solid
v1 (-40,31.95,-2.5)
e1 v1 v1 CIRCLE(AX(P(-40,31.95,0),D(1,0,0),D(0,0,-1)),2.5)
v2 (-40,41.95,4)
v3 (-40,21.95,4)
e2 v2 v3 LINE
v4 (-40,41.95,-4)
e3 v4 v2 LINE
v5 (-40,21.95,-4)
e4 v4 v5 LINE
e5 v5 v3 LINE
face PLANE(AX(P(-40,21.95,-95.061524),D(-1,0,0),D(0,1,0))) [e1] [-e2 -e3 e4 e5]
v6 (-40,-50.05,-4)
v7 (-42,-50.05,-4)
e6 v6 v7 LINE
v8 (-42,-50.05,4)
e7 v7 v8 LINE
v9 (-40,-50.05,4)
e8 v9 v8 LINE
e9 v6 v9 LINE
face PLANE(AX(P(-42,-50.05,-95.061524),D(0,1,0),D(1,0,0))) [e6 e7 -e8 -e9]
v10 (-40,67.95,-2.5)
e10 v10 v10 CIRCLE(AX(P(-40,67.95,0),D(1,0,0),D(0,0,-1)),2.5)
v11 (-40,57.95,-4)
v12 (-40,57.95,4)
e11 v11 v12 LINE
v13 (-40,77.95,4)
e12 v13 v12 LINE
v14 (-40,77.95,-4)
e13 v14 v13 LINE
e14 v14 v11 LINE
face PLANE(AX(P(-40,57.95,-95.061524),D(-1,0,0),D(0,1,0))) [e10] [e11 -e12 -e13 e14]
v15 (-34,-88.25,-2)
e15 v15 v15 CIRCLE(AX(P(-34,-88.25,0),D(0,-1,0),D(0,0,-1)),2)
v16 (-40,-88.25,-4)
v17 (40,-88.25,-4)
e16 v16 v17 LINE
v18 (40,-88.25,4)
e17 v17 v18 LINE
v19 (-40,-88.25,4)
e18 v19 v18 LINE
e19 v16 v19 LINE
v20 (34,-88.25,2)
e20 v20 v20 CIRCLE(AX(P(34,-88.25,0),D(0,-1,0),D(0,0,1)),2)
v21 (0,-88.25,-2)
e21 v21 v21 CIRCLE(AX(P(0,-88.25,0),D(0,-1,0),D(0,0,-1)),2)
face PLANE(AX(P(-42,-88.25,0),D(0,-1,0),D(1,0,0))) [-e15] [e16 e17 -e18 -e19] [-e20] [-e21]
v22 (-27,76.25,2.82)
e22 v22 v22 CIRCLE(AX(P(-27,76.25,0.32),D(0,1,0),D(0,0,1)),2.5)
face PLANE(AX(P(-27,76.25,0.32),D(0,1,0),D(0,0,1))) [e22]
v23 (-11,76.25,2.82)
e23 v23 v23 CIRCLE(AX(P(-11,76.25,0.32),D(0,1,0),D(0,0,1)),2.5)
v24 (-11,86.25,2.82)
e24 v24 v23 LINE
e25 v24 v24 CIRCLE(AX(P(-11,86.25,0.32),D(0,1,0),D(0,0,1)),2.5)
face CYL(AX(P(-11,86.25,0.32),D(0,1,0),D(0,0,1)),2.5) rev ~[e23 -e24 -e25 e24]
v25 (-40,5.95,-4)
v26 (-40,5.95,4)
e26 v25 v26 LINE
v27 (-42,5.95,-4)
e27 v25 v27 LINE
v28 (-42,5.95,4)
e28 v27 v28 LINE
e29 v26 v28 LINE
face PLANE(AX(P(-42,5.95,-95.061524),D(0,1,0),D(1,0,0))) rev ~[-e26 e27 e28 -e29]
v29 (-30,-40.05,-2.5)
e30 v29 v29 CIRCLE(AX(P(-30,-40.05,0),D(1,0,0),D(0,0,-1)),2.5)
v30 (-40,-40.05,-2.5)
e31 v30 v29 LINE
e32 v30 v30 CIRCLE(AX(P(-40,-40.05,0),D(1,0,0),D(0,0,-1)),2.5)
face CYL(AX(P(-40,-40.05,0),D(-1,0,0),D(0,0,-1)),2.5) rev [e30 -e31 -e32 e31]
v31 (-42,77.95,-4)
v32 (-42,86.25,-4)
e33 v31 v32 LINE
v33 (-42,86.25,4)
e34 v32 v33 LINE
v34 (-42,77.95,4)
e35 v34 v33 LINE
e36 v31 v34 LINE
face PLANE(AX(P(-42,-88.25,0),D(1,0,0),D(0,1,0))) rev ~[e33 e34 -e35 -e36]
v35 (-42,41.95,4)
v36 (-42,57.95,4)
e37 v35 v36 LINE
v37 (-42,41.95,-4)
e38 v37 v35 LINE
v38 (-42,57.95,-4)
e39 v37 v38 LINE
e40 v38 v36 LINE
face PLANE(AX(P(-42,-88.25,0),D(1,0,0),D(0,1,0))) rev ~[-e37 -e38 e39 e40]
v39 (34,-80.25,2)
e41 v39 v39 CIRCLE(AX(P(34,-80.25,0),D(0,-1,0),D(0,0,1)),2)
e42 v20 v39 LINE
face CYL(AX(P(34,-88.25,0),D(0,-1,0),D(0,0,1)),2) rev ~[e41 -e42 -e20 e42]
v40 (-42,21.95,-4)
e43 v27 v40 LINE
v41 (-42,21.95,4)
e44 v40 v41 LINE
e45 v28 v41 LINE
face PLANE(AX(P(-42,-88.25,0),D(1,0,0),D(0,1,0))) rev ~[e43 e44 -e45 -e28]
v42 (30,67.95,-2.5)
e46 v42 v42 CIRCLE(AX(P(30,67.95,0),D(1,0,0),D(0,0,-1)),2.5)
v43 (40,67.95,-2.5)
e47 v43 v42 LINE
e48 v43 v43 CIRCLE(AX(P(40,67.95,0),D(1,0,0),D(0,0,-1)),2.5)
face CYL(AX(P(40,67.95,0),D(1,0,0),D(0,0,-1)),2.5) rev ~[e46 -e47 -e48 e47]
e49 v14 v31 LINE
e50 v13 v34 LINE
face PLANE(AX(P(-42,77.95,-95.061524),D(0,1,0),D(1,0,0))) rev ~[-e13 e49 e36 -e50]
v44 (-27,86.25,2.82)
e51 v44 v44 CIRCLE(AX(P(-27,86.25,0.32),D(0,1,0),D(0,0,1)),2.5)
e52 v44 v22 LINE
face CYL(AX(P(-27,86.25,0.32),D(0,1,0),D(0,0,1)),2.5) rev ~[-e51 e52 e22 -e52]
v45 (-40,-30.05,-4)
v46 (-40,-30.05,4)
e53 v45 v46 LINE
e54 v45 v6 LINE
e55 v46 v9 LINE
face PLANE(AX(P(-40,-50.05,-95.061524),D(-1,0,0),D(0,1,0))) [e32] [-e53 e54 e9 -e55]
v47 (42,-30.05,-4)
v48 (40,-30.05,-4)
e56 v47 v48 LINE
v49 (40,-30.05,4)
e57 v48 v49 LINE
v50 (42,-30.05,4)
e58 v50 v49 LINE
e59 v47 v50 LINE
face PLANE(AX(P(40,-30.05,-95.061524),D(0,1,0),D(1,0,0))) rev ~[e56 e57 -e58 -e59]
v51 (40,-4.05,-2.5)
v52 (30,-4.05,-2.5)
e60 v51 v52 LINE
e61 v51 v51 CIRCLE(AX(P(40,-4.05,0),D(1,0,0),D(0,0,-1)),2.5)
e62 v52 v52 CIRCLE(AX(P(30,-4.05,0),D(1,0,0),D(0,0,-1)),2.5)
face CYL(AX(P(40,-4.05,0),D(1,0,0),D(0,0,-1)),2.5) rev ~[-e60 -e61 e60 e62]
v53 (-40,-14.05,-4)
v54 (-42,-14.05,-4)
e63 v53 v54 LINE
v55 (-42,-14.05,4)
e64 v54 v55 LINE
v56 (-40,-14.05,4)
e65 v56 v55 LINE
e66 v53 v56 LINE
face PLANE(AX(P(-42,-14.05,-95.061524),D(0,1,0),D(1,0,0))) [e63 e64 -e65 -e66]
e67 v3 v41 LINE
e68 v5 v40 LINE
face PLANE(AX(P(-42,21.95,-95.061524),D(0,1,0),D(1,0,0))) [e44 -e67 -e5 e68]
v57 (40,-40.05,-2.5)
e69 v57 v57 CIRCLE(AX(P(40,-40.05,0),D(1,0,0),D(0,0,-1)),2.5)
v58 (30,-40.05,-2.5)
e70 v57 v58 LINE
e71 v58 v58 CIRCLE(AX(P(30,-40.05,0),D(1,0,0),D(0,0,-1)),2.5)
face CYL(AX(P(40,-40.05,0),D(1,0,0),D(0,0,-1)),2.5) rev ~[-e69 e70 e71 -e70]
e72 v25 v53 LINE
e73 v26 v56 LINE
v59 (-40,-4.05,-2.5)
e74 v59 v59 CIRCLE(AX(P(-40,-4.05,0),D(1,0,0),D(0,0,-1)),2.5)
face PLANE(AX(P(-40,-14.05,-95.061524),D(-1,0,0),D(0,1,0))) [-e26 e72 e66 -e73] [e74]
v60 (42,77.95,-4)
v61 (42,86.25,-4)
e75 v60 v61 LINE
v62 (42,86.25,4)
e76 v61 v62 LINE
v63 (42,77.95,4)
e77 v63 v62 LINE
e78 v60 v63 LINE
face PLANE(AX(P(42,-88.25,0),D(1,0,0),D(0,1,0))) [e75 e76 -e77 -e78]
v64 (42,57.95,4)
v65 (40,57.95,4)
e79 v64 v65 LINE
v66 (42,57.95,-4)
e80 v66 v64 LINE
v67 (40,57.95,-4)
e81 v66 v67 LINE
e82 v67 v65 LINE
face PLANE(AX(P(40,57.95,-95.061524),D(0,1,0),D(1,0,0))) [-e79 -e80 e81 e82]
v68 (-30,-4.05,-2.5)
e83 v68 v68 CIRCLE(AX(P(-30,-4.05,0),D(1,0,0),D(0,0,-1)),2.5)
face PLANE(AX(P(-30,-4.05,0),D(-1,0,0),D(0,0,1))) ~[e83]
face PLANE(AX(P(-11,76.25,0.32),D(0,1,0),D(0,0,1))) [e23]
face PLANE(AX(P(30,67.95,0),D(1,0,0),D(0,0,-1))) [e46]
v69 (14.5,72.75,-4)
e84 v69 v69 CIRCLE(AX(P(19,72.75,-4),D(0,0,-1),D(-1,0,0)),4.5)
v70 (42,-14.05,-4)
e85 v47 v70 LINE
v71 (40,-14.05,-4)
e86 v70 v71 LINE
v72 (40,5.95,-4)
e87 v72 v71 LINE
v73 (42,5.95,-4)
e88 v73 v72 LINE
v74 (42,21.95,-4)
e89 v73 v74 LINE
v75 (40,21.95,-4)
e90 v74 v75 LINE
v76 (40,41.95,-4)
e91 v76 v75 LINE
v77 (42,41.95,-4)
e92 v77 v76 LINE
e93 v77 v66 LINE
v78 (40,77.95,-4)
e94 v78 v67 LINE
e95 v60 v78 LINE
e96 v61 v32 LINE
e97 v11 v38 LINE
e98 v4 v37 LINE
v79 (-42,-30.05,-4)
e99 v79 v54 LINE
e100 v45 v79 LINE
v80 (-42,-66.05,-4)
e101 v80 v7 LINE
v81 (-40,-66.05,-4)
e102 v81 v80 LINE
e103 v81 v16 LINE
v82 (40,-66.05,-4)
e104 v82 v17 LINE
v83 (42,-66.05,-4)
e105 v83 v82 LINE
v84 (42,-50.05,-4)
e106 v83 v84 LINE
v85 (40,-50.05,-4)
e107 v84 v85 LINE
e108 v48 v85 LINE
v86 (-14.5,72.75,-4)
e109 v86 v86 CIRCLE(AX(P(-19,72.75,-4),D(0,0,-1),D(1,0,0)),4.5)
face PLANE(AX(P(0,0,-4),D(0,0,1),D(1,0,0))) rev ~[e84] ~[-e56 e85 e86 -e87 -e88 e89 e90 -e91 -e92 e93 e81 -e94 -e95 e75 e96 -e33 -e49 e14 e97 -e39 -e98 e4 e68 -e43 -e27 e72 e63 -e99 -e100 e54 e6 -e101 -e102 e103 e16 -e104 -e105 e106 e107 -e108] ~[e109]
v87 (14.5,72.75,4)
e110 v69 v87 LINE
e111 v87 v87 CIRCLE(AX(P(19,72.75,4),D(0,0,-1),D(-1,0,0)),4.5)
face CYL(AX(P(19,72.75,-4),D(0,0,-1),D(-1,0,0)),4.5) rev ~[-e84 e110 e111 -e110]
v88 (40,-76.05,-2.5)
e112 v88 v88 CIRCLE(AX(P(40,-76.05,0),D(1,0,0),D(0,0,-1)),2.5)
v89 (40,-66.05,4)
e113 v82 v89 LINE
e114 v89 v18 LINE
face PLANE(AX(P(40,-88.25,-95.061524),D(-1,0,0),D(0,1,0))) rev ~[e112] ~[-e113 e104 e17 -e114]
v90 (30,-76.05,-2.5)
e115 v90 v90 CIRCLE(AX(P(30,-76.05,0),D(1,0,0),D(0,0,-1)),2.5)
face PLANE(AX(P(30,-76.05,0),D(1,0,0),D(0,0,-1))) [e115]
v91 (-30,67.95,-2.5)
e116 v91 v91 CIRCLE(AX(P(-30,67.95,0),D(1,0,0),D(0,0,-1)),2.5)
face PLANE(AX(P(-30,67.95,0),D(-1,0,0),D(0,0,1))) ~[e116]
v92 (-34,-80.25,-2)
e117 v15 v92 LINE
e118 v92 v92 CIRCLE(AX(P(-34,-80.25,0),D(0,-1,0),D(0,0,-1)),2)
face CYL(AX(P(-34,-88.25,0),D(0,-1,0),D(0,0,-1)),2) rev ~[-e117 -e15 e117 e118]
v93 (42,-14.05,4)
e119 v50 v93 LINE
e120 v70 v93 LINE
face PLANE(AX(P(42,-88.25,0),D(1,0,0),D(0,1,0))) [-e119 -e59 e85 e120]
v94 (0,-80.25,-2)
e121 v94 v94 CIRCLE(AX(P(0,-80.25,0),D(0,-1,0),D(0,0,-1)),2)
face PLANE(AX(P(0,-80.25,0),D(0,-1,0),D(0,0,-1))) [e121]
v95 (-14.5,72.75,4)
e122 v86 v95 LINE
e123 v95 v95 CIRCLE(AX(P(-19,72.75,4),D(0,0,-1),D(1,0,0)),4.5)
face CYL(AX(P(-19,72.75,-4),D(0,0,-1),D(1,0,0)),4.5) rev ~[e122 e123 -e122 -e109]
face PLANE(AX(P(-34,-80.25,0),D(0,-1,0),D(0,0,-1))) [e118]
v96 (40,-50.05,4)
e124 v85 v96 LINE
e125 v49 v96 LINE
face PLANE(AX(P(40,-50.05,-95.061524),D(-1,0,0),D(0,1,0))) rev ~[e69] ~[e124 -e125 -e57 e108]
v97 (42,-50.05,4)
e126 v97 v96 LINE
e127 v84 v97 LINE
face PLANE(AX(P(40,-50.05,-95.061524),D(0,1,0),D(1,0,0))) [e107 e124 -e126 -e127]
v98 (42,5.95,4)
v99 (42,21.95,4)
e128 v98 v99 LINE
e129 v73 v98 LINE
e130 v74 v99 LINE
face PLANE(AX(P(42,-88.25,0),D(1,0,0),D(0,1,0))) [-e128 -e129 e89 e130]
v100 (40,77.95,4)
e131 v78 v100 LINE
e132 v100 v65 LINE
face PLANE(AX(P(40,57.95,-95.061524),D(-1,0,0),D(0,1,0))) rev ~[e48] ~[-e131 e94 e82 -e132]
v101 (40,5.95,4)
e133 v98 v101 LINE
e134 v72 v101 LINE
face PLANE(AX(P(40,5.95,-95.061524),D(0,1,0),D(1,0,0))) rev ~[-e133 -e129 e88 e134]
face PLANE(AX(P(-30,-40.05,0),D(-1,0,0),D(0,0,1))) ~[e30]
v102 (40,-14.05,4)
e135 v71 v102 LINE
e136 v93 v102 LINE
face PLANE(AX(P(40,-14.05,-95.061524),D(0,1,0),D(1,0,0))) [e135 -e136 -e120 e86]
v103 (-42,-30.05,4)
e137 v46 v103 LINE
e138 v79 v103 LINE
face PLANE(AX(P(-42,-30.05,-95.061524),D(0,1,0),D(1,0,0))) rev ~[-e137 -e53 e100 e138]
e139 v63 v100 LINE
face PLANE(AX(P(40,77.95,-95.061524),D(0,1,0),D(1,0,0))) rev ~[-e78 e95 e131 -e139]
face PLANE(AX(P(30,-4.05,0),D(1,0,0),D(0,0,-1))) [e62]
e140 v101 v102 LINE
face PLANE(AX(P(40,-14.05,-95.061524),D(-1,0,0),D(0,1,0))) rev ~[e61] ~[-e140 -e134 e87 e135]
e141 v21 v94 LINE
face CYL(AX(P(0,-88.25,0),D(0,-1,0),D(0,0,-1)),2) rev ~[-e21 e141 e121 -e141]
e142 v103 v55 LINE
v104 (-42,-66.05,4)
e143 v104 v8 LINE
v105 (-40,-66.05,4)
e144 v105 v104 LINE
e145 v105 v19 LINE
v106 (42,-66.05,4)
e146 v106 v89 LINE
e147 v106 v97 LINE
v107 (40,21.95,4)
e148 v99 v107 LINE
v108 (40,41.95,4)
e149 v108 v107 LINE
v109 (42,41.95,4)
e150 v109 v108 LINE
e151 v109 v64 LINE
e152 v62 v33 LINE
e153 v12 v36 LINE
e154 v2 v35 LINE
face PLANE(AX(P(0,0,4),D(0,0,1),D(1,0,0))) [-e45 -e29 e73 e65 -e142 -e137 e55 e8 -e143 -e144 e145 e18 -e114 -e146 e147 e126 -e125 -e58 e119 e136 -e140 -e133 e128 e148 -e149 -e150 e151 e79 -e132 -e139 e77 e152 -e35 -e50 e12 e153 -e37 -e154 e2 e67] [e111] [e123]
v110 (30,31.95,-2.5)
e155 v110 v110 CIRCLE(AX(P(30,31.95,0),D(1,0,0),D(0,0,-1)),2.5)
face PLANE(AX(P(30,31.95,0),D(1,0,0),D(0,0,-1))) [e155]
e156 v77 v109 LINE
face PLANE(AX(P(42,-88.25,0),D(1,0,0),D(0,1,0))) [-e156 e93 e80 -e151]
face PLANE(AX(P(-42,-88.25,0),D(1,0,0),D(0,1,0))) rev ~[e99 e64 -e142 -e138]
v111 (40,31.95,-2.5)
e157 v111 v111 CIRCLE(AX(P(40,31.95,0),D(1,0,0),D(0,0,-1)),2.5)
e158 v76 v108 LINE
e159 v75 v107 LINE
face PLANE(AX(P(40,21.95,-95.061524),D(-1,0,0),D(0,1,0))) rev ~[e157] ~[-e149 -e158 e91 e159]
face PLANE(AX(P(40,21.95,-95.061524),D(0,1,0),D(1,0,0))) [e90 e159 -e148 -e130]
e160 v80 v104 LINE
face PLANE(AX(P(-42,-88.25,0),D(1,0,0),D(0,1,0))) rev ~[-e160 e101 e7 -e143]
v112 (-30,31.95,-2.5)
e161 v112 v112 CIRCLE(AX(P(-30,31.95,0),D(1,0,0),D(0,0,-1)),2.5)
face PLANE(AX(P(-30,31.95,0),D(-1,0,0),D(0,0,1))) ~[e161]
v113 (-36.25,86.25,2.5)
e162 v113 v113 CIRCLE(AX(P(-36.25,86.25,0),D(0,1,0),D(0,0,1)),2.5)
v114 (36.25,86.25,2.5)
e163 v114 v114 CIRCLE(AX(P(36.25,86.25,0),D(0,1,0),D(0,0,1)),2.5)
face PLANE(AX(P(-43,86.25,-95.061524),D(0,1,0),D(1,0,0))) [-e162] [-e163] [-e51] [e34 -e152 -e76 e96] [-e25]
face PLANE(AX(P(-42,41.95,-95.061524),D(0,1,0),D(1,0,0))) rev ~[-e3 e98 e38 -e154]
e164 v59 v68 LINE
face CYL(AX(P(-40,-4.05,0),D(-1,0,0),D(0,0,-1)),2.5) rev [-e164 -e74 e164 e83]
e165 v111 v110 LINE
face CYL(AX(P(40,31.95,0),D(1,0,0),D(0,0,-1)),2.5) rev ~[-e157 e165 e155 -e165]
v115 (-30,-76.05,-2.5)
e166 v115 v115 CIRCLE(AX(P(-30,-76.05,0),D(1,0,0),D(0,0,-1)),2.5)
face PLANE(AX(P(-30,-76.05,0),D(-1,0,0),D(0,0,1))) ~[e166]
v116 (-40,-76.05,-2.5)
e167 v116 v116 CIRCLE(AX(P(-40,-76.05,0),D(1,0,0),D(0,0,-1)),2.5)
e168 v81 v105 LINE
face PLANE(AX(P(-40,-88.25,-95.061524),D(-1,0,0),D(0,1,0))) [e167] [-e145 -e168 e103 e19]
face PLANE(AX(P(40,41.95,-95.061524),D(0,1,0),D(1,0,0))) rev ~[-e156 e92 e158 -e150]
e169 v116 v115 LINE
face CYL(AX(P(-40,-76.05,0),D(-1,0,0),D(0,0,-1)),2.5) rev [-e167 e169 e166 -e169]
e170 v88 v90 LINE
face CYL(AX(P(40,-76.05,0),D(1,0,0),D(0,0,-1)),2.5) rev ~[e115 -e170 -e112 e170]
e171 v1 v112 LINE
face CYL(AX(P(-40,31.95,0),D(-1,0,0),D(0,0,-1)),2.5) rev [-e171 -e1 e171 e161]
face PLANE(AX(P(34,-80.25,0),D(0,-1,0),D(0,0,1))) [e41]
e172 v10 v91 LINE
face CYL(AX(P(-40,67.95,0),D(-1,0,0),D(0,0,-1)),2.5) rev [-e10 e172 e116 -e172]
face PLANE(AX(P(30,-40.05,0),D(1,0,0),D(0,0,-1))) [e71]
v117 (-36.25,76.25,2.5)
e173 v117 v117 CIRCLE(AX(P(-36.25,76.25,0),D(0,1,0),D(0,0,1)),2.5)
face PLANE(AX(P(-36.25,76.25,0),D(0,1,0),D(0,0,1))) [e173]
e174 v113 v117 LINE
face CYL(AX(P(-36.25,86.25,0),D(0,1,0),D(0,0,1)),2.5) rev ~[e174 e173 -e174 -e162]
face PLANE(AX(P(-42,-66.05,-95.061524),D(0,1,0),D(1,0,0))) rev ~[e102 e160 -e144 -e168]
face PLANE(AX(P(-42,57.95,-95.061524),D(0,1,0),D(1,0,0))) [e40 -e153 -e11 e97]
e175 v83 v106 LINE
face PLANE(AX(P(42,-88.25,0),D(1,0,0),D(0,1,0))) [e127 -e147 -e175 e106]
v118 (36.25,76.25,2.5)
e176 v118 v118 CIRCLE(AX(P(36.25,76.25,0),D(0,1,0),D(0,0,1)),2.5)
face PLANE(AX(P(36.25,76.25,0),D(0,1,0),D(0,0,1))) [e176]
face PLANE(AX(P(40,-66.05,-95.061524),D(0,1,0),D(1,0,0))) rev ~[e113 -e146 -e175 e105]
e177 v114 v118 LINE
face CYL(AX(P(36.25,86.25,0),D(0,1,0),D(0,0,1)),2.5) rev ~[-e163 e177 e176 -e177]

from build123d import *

# Parameters (mm, degrees)
SKETCH_1_W              = 84
SKETCH_1_H              = 176.5
EXTRUDE_1_DEPTH         = 4
CUT_EXTRUDE1_DEPTH      = 99.061524055
CUT_EXTRUDE1_DEPTH_BACK = 99.061524055
SKETCH2_W               = 2
SKETCH2_H               = 20
SKETCH2_H_2             = 22.2
SKETCH2_W_2             = 86
SKETCH2_H_3             = 2
SKETCH3_R               = 2.5
CUT_EXTRUDE2_DEPTH      = 10
SKETCH4_R               = 2
CUT_EXTRUDE3_DEPTH      = 8
SKETCH5_R               = 2.5
CUT_EXTRUDE4_DEPTH      = 10
SKETCH6_R               = 4.5
CUT_EXTRUDE5_DEPTH      = 99.061524055
SKETCH7_R               = 2.5
CUT_EXTRUDE6_DEPTH      = 10


with BuildPart() as part:
    # 草图1 → 凸台-拉伸1 (new, symmetric)
    with BuildSketch(Plane.XY):
        Rectangle(SKETCH_1_W, SKETCH_1_H)
    extrude(amount=EXTRUDE_1_DEPTH, both=True)

    # Sketch2 → Cut-Extrude1 (cut, two sides: drawn at the far end of the back side and taken through both)
    with BuildSketch(Plane.XY.offset(4).offset(-CUT_EXTRUDE1_DEPTH_BACK)):
        with Locations((-41, 67.95)):
            Rectangle(SKETCH2_W, SKETCH2_H)
        with Locations((-41, 31.95)):
            Rectangle(SKETCH2_W, SKETCH2_H)
        with Locations((-41, -4.05)):
            Rectangle(SKETCH2_W, SKETCH2_H)
        with Locations((-41, -40.05)):
            Rectangle(SKETCH2_W, SKETCH2_H)
        with Locations((-41, -77.15)):
            Rectangle(SKETCH2_W, SKETCH2_H_2)
        with Locations((41, -77.15)):
            Rectangle(SKETCH2_W, SKETCH2_H_2)
        with Locations((41, -40.05)):
            Rectangle(SKETCH2_W, SKETCH2_H)
        with Locations((41, -4.05)):
            Rectangle(SKETCH2_W, SKETCH2_H)
        with Locations((41, 31.95)):
            Rectangle(SKETCH2_W, SKETCH2_H)
        with Locations((41, 67.95)):
            Rectangle(SKETCH2_W, SKETCH2_H)
        with Locations((0, 87.25)):
            Rectangle(SKETCH2_W_2, SKETCH2_H_3)
    extrude(amount=CUT_EXTRUDE1_DEPTH + CUT_EXTRUDE1_DEPTH_BACK, mode=Mode.SUBTRACT)

    # Sketch3 → Cut-Extrude2 (cut)
    with BuildSketch(Plane(origin=(40, 0, 0), x_dir=(0, 0, -1), z_dir=(1, 0, 0))):
        with Locations((0, 67.95)):
            Circle(SKETCH3_R)
        with Locations((0, 31.95)):
            Circle(SKETCH3_R)
        with Locations((0, -4.05)):
            Circle(SKETCH3_R)
        with Locations((0, -40.05)):
            Circle(SKETCH3_R)
        with Locations((0, -76.05)):
            Circle(SKETCH3_R)
    cut_extrude2 = extrude(amount=-CUT_EXTRUDE2_DEPTH, mode=Mode.SUBTRACT)

    # Mirror1: Cut-Extrude2 across plane
    add(cut_extrude2.mirror(Plane(origin=(0, 0, 0), x_dir=(0, 0, 1), z_dir=(1, 0, 0))), mode=Mode.SUBTRACT)

    # Sketch4 → Cut-Extrude3 (cut)
    with BuildSketch(Plane.XZ.offset(88.25)):
        with Locations(Location((-34, 0, 0), (0, 0, 270))):
            Circle(SKETCH4_R)
        with Locations(Location((34, 0, 0), (0, 0, 90))):
            Circle(SKETCH4_R)
        with Locations(Location((0, 0, 0), (0, 0, 270))):
            Circle(SKETCH4_R)
    extrude(amount=-CUT_EXTRUDE3_DEPTH, mode=Mode.SUBTRACT)

    # Sketch5 → Cut-Extrude4 (cut)
    with BuildSketch(Plane(origin=(0, 86.25, 0), x_dir=(1, 0, 0), z_dir=(0, 1, 0))):
        with Locations(Location((-36.25, 0, 0), (0, 0, 270))):
            Circle(SKETCH5_R)
        with Locations(Location((36.25, 0, 0), (0, 0, 270))):
            Circle(SKETCH5_R)
    extrude(amount=-CUT_EXTRUDE4_DEPTH, mode=Mode.SUBTRACT)

    # Sketch6 → Cut-Extrude5 (cut, through all)
    with BuildSketch(Plane(origin=(0, 0, -4), x_dir=(-1, 0, 0), z_dir=(0, 0, -1))):
        with Locations((-19, 72.75)):
            Circle(SKETCH6_R)
        with Locations(Location((19, 72.75, 0), (0, 0, 180))):
            Circle(SKETCH6_R)
    extrude(amount=-CUT_EXTRUDE5_DEPTH, mode=Mode.SUBTRACT)

    # Sketch7 → Cut-Extrude6 (cut)
    with BuildSketch(Plane(origin=(0, 86.25, 0), x_dir=(1, 0, 0), z_dir=(0, 1, 0))):
        with Locations(Location((-11, -0.32, 0), (0, 0, 270))):
            Circle(SKETCH7_R)
        with Locations(Location((-27, -0.32, 0), (0, 0, 270))):
            Circle(SKETCH7_R)
    extrude(amount=-CUT_EXTRUDE6_DEPTH, mode=Mode.SUBTRACT)


solid = part.part
